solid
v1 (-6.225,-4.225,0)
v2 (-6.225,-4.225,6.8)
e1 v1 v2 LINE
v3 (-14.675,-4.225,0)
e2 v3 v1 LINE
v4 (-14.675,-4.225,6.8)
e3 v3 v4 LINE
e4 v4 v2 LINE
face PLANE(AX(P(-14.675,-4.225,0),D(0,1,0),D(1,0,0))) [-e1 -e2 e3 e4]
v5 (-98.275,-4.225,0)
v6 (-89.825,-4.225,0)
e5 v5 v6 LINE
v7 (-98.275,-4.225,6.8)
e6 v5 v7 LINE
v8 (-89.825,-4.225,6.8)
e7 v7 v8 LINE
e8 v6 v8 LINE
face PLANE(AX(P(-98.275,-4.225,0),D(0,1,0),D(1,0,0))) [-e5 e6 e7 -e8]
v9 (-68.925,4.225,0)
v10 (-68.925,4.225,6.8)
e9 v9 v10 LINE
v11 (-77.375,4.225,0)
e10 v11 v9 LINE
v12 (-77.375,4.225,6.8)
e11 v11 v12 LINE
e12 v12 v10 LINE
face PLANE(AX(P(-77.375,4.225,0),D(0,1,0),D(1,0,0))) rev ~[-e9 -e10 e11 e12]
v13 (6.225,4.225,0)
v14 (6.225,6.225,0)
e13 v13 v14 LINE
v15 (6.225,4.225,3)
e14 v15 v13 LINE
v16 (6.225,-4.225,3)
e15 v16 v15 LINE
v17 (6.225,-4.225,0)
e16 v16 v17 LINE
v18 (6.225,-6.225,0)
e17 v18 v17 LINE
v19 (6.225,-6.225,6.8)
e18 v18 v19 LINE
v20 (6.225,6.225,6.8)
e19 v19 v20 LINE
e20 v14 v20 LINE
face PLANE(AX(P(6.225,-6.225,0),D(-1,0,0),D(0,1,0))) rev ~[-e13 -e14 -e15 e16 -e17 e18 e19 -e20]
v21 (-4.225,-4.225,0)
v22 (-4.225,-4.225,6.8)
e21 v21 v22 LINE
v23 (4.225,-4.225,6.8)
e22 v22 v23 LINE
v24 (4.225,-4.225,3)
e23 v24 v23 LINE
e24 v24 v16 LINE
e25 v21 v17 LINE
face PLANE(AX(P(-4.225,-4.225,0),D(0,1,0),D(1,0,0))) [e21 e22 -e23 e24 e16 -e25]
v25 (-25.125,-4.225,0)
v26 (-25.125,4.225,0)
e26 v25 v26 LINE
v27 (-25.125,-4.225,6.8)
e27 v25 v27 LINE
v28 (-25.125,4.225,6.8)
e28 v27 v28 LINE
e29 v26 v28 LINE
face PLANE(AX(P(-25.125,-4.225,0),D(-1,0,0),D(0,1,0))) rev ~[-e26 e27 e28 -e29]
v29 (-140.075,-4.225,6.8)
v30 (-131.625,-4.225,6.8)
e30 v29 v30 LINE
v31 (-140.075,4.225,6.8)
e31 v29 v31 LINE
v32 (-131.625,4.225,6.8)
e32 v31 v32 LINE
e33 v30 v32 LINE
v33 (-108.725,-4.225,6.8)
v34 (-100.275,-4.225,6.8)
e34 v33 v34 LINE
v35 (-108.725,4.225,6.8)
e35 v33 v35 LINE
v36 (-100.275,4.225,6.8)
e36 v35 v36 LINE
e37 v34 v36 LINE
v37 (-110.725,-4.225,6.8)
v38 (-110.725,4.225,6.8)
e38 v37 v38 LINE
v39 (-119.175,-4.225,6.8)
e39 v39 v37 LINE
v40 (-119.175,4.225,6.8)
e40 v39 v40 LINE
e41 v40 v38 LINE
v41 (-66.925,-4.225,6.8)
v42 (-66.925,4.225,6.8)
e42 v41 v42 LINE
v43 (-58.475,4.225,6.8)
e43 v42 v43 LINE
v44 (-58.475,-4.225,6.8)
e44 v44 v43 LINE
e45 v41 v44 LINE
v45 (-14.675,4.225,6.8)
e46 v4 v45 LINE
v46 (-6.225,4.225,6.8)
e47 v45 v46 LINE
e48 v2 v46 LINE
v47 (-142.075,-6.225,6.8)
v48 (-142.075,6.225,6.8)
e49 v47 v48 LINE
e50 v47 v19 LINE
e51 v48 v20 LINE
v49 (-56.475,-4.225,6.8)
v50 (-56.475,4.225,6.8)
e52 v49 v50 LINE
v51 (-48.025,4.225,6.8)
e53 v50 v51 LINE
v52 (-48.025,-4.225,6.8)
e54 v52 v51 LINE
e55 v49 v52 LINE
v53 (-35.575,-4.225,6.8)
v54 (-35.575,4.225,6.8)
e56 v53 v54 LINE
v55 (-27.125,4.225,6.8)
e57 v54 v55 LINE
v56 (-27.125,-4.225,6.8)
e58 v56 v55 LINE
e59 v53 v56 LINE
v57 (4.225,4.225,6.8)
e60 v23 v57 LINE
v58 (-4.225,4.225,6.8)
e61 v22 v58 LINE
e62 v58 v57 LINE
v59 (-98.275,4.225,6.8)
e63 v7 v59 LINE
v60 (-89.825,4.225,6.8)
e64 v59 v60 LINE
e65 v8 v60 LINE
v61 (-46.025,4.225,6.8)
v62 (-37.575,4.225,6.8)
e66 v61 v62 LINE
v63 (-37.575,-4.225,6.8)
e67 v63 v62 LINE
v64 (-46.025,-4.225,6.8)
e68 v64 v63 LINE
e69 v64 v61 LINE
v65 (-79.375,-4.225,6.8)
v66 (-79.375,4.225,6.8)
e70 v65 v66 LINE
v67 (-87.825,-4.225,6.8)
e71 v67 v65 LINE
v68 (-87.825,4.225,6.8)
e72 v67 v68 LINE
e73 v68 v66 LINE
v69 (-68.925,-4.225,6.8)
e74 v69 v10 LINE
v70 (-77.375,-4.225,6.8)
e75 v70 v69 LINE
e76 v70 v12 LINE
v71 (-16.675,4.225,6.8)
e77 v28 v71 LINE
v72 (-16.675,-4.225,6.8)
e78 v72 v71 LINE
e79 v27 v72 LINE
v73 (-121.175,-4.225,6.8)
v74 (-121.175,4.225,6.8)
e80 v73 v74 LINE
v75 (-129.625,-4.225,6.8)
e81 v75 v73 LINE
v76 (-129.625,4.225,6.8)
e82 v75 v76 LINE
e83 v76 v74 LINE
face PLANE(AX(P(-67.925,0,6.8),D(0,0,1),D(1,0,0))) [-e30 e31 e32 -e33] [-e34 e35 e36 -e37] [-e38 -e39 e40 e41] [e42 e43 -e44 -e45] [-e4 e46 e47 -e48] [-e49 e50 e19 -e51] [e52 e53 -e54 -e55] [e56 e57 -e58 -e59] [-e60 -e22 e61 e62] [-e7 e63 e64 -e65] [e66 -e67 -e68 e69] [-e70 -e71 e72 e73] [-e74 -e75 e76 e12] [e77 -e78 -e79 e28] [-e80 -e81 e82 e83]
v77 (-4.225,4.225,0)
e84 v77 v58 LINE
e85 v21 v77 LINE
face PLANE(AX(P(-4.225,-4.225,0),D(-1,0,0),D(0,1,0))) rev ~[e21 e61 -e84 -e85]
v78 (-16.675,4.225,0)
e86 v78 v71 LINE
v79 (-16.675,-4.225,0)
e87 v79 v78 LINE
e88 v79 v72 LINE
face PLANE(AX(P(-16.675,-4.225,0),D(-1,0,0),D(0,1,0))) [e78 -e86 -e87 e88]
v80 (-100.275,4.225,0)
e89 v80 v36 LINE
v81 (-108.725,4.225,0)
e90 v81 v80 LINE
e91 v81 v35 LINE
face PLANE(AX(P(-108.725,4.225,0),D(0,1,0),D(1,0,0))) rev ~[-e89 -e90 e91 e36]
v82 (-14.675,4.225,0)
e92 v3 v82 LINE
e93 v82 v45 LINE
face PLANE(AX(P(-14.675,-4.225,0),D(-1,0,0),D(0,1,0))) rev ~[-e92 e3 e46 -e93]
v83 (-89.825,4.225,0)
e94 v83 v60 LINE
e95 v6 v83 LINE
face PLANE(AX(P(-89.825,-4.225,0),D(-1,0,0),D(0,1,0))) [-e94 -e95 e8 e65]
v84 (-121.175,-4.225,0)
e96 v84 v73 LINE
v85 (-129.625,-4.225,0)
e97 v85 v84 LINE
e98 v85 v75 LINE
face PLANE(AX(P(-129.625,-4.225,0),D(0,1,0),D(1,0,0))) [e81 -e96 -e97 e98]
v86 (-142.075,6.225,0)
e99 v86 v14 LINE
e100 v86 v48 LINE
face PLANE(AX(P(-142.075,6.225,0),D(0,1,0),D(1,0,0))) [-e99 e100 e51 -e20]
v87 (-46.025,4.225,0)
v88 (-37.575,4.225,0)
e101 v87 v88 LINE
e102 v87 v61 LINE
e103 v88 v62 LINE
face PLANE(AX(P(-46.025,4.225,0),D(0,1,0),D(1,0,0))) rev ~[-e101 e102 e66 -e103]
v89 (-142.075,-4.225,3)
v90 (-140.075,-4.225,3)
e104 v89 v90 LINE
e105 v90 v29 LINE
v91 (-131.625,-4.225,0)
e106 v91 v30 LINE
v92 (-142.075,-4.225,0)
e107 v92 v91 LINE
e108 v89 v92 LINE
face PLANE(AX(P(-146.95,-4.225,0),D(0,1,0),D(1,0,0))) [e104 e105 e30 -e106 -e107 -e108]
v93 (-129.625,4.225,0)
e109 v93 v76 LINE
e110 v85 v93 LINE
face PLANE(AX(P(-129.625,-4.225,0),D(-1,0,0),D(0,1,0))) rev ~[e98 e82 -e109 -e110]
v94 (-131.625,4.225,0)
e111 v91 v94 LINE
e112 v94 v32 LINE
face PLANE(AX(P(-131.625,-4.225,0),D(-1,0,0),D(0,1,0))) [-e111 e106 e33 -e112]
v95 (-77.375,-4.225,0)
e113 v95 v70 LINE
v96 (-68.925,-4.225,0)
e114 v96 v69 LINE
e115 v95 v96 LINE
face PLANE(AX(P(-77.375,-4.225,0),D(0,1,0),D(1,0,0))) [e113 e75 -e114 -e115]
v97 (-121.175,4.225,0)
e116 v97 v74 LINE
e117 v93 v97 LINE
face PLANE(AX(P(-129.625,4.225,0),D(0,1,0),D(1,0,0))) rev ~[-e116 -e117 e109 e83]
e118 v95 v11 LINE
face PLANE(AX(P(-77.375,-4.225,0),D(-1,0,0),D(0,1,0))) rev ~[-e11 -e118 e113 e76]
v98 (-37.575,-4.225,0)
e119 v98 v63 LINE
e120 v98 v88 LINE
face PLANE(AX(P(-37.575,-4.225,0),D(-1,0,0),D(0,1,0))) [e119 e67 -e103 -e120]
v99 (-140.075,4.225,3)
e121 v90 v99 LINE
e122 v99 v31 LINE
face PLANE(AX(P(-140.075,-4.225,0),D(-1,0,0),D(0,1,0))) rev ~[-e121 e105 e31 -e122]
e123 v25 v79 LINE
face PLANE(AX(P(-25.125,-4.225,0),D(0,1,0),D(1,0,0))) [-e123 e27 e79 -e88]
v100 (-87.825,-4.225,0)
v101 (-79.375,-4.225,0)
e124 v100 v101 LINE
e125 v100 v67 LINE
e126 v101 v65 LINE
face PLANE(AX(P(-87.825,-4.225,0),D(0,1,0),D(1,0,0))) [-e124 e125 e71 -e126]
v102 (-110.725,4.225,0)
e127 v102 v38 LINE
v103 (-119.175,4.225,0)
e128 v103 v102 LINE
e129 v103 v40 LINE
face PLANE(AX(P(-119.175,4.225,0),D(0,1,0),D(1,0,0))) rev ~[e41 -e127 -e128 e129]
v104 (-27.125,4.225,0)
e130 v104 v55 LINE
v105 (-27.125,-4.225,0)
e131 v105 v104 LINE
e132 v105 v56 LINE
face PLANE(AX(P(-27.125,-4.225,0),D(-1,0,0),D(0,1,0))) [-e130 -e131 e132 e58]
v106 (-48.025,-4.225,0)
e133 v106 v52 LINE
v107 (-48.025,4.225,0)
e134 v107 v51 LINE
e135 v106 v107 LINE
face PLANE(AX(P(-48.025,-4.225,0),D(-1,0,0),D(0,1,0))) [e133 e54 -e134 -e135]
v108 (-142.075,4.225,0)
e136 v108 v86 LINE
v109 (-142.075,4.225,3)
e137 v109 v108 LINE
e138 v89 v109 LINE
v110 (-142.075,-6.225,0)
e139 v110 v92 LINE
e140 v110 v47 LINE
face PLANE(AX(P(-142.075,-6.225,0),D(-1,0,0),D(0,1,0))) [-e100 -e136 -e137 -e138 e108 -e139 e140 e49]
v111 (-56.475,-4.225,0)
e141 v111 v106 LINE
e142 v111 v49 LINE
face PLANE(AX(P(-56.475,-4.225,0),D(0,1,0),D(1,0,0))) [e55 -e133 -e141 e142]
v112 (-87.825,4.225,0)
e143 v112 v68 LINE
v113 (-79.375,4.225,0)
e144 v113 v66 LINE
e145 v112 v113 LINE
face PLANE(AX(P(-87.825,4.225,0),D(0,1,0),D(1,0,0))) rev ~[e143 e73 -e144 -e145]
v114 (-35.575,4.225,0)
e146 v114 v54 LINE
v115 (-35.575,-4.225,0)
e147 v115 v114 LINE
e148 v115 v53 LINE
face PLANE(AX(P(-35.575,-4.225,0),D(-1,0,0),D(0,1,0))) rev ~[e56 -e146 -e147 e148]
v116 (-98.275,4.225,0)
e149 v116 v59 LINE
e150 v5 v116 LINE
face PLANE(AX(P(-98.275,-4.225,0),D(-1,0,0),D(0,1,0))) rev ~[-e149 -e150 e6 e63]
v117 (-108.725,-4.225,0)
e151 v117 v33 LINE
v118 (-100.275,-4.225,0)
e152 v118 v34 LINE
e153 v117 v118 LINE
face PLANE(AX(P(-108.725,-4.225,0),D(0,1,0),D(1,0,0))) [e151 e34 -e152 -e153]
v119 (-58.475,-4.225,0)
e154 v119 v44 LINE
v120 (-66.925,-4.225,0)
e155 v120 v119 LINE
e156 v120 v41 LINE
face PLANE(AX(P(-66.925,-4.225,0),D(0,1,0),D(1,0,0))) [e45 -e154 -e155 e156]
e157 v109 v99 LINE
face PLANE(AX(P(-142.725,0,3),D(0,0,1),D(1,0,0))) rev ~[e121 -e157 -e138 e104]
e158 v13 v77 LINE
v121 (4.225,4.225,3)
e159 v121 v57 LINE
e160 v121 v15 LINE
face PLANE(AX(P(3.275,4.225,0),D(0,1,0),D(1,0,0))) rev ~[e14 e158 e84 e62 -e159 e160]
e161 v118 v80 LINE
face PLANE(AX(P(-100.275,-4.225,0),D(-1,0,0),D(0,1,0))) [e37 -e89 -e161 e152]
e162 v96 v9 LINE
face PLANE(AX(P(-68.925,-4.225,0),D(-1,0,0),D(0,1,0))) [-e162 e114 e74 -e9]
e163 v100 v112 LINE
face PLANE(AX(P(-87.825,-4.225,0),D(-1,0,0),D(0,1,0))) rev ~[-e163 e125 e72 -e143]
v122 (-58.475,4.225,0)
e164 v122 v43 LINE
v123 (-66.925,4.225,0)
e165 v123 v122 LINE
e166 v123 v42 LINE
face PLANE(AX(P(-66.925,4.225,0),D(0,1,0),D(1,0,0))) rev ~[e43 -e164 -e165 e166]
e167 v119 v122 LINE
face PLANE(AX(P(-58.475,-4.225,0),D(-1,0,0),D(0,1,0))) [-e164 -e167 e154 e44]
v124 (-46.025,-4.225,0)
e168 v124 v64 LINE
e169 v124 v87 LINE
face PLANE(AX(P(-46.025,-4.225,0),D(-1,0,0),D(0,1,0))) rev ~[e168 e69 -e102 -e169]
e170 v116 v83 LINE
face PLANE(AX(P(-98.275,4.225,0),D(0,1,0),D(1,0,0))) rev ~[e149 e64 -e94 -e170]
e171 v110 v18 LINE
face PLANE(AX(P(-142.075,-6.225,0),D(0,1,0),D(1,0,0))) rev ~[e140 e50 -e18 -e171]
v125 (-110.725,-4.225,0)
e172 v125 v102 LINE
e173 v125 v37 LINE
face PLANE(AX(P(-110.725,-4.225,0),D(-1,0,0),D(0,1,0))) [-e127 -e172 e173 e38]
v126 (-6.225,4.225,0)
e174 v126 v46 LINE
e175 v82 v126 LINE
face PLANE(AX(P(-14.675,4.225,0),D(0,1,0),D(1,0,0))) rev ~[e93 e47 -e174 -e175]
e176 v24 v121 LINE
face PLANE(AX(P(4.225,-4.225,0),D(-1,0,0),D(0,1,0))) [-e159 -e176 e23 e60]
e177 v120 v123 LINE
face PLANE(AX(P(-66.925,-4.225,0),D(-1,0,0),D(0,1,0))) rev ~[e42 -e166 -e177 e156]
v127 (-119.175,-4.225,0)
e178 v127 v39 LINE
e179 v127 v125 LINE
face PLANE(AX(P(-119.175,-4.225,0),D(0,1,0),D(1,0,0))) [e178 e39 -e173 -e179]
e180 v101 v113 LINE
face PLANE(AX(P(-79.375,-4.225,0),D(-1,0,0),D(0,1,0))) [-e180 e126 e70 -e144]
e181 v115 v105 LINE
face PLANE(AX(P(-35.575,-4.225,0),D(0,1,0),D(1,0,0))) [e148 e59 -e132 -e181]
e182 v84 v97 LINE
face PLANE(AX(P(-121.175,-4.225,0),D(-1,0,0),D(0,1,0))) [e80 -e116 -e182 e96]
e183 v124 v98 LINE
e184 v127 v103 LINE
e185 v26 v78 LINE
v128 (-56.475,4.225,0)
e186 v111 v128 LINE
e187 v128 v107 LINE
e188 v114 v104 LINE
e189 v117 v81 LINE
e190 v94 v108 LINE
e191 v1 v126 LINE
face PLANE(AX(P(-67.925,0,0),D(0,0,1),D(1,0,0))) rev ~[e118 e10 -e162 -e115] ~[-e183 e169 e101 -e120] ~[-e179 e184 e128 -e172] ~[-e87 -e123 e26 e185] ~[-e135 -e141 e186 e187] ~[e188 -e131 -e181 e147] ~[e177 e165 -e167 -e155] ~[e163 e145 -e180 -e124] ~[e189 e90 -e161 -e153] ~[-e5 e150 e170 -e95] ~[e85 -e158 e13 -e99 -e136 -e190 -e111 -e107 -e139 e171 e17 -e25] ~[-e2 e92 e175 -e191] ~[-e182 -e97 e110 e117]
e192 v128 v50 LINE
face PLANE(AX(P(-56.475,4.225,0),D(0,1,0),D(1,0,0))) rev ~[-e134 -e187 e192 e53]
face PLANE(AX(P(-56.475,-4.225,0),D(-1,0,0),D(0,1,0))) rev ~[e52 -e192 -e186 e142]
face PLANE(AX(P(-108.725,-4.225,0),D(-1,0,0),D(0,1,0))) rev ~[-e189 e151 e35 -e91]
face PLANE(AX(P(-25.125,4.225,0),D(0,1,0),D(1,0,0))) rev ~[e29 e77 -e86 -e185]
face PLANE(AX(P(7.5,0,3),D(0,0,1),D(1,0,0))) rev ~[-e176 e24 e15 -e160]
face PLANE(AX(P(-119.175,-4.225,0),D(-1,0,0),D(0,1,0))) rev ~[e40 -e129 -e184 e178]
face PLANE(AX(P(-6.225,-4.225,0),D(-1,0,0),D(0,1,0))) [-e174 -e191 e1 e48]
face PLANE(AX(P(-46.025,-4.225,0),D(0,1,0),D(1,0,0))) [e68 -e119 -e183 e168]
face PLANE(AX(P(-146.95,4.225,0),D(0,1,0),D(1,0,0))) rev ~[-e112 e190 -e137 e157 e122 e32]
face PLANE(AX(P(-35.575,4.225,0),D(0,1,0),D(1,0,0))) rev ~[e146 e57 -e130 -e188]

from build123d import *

# Parameters (mm, degrees)
SKETCH001_W      = 8.45
SKETCH001_H      = 8.45
EXTRUDE001_DEPTH = 3
SKETCH_W         = 148.3
SKETCH_H         = 12.45
SKETCH_W_2       = 8.45
SKETCH_H_2       = 8.45
EXTRUDE_DEPTH    = 6.8


with BuildPart() as extrude001:
    # Sketch001 → Extrude001 (new body)
    with BuildSketch(Plane.XY):
        with Locations((-142.725, 0)):
            Rectangle(SKETCH001_W, SKETCH001_H)
        with Locations((7.5, 0)):
            Rectangle(SKETCH001_W, SKETCH001_H)
    extrude(amount=EXTRUDE001_DEPTH)


with BuildPart() as cut:
    # Sketch → Extrude (new body)
    with BuildSketch(Plane.XY):
        with Locations((-67.925, 0)):
            Rectangle(SKETCH_W, SKETCH_H)
        Rectangle(SKETCH_W_2, SKETCH_H_2, mode=Mode.SUBTRACT)
        with Locations((-10.45, 0)):
            Rectangle(SKETCH_W_2, SKETCH_H_2, mode=Mode.SUBTRACT)
        with Locations((-20.9, 0)):
            Rectangle(SKETCH_W_2, SKETCH_H_2, mode=Mode.SUBTRACT)
        with Locations((-31.35, 0)):
            Rectangle(SKETCH_W_2, SKETCH_H_2, mode=Mode.SUBTRACT)
        with Locations((-41.8, 0)):
            Rectangle(SKETCH_W_2, SKETCH_H_2, mode=Mode.SUBTRACT)
        with Locations((-52.25, 0)):
            Rectangle(SKETCH_W_2, SKETCH_H_2, mode=Mode.SUBTRACT)
        with Locations((-62.7, 0)):
            Rectangle(SKETCH_W_2, SKETCH_H_2, mode=Mode.SUBTRACT)
        with Locations((-73.15, 0)):
            Rectangle(SKETCH_W_2, SKETCH_H_2, mode=Mode.SUBTRACT)
        with Locations((-83.6, 0)):
            Rectangle(SKETCH_W_2, SKETCH_H_2, mode=Mode.SUBTRACT)
        with Locations((-94.05, 0)):
            Rectangle(SKETCH_W_2, SKETCH_H_2, mode=Mode.SUBTRACT)
        with Locations((-104.5, 0)):
            Rectangle(SKETCH_W_2, SKETCH_H_2, mode=Mode.SUBTRACT)
        with Locations((-114.95, 0)):
            Rectangle(SKETCH_W_2, SKETCH_H_2, mode=Mode.SUBTRACT)
        with Locations((-125.4, 0)):
            Rectangle(SKETCH_W_2, SKETCH_H_2, mode=Mode.SUBTRACT)
        with Locations((-135.85, 0)):
            Rectangle(SKETCH_W_2, SKETCH_H_2, mode=Mode.SUBTRACT)
    extrude(amount=EXTRUDE_DEPTH)

    # Cut: cut Extrude001
    add(extrude001.part, mode=Mode.SUBTRACT)


solid = cut.part
